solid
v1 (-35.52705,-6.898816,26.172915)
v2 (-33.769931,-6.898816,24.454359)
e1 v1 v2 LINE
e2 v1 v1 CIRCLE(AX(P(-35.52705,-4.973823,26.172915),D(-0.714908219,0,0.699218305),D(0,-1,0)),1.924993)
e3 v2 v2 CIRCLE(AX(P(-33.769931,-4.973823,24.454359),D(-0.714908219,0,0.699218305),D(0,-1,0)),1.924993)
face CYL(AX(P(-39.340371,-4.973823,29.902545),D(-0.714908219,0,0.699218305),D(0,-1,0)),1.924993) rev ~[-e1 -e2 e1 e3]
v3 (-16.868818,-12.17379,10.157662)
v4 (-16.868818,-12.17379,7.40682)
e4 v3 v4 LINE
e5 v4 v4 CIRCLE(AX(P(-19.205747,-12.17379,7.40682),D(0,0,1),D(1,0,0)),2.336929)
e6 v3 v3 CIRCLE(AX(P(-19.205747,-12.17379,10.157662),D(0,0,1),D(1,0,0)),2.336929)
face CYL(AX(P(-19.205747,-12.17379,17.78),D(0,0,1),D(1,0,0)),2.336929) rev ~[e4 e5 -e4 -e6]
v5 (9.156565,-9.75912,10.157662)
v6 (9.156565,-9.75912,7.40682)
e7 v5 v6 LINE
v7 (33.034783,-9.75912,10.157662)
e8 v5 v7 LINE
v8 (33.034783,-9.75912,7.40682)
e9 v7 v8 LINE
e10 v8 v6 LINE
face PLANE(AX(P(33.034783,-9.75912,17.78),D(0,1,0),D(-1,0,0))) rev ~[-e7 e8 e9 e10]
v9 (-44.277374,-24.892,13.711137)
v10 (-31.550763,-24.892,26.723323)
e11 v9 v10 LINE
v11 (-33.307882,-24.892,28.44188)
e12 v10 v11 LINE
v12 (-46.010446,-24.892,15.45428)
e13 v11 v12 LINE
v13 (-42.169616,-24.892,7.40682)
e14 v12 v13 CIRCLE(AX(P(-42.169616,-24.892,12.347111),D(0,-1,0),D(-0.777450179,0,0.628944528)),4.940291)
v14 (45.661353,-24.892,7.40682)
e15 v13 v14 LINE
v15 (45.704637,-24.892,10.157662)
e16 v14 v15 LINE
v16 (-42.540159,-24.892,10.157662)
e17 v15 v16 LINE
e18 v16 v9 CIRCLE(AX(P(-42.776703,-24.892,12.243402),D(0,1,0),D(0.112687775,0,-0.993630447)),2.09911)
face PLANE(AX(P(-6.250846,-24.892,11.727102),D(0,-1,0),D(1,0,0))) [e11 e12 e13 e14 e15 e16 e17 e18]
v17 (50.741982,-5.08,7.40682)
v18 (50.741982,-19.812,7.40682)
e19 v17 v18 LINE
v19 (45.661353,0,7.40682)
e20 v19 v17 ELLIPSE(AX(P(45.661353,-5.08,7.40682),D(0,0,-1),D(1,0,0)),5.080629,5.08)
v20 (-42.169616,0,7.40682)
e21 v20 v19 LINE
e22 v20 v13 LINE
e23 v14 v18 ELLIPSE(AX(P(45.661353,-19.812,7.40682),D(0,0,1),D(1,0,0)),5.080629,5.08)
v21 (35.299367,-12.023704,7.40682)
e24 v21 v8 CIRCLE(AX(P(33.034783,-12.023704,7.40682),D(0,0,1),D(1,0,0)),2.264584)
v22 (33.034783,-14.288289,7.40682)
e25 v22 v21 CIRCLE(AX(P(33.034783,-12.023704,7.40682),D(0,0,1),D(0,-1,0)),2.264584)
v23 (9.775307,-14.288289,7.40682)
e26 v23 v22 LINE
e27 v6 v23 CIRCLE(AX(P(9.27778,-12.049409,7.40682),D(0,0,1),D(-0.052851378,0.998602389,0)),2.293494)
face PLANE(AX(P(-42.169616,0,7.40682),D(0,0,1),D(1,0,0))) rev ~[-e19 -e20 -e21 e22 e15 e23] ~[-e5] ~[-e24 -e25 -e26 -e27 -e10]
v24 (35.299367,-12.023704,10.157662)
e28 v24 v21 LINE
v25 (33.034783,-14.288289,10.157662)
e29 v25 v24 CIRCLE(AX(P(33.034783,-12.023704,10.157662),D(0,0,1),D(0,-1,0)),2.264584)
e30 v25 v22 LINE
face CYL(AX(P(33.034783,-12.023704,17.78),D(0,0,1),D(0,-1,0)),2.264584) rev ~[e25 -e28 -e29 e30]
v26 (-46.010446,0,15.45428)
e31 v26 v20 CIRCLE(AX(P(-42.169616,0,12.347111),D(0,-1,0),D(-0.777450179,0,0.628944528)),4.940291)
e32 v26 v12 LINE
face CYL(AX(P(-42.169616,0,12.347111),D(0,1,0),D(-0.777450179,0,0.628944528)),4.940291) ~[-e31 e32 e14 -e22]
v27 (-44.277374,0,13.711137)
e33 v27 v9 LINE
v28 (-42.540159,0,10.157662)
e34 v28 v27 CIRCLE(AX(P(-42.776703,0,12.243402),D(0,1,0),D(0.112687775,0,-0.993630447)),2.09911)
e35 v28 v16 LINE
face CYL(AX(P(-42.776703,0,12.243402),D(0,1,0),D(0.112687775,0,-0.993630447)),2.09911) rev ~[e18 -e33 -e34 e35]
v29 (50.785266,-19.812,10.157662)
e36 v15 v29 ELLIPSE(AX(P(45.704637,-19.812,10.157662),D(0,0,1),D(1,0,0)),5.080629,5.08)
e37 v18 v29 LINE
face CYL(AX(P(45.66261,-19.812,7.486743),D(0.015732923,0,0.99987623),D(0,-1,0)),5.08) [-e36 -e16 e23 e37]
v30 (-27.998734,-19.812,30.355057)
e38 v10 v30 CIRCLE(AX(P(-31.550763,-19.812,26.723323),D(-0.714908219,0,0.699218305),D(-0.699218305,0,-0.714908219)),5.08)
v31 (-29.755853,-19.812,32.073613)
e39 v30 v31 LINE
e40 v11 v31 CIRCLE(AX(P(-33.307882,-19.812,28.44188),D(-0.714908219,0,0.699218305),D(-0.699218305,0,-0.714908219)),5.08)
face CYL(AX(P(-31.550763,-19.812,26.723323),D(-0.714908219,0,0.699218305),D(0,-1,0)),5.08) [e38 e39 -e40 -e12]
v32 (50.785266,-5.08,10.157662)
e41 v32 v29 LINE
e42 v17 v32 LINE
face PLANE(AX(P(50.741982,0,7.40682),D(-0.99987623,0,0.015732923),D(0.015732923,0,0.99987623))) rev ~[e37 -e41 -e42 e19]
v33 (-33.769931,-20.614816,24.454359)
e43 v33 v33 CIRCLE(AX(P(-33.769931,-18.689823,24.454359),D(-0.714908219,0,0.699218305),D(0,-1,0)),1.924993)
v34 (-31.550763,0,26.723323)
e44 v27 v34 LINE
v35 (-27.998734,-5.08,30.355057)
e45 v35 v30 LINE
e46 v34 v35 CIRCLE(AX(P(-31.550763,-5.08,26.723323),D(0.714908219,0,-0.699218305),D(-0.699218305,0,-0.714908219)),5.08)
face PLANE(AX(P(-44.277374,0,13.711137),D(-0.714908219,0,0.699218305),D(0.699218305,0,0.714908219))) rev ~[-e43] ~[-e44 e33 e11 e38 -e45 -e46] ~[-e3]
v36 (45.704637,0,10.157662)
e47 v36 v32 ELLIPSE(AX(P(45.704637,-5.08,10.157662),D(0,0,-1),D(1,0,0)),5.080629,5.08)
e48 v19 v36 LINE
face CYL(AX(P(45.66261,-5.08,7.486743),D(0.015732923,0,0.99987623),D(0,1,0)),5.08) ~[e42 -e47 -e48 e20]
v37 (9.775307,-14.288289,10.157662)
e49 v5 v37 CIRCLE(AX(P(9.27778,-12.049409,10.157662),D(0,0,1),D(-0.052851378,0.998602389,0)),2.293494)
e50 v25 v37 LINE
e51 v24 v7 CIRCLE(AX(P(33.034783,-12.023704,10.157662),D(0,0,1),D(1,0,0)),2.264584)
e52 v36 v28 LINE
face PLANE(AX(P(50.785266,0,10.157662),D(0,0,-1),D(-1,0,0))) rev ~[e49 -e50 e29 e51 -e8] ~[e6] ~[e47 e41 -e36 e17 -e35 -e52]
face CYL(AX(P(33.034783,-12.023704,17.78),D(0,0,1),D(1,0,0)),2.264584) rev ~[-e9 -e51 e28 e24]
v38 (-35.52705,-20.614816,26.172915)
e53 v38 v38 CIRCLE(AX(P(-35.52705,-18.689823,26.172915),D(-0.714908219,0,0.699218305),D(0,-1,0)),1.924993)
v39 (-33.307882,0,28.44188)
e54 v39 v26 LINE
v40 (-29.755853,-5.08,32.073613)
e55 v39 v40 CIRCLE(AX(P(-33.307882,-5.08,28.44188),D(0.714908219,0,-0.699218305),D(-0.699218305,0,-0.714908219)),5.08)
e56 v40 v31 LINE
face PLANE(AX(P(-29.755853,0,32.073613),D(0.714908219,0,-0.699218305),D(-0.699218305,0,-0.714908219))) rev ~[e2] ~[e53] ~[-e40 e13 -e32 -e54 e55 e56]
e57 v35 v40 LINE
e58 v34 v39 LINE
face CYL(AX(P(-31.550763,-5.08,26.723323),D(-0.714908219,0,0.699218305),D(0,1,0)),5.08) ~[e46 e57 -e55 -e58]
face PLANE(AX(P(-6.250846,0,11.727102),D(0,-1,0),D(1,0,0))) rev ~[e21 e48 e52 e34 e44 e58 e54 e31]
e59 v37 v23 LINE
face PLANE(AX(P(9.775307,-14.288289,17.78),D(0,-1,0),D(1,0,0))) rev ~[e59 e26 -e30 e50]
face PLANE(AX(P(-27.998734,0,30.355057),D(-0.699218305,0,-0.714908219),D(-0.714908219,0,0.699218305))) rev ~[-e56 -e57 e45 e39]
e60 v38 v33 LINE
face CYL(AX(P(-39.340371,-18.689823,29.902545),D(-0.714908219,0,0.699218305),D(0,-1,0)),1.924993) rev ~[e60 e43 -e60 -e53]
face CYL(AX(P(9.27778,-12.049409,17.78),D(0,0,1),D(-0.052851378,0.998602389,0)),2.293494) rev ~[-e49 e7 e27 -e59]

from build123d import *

# Parameters (mm, degrees)
F1_DEPTH = 24.892
F3_R     = 1.9249928247
F4_DEPTH = 25.4
F8_DEPTH = 25.4
F6_R     = 2.33692874
F9_DEPTH = 25.4
F10_R    = 5.08


with BuildPart() as f1:
    # F0 (on Front) → F1 (new body)
    with BuildSketch(Plane.XZ):
        with BuildLine():
            Line((-42.1696156263, 7.4068200774), (50.741981715, 7.4068200774))
            Line((50.741981715, 7.4068200774), (50.7852658629, 10.1576624438))
            Line((50.7852658629, 10.1576624438), (-42.5401590765, 10.1576624438))
            ThreePointArc((-42.5401590765, 10.1576624438), (-44.6625185823, 11.3214684612), (-44.2773737299, 13.7111374259))
            Line((-44.2773737299, 13.7111374259), (-27.9987339674, 30.3550571651))
            Line((-27.9987339674, 30.3550571651), (-29.7558531165, 32.0736132562))
            Line((-29.7558531165, 32.0736132562), (-46.0104458034, 15.4542801902))
            ThreePointArc((-46.0104458034, 15.4542801902), (-46.6281352998, 10.2191830011), (-42.1696156263, 7.4068200774))
        make_face()
    extrude(amount=F1_DEPTH)

    # F3 (on offset) → F4 (cut)
    with BuildSketch(Plane(origin=(-35.0542101214, 0, 34.2848840697), x_dir=(0, -1, 0), z_dir=(-0.7149082188, 0, 0.6992183055))):
        with Locations((4.9738232046, -6.1299321242)):
            Circle(F3_R)
        with Locations((18.6898232046, -6.1299321242)):
            Circle(F3_R)
    extrude(amount=-F4_DEPTH, mode=Mode.SUBTRACT)

    # F7 (on offset) → F8 (cut)
    with BuildSketch(Plane.XY.offset(17.78)):
        with BuildLine():
            ThreePointArc((9.39899395, -9.7591195918), (10.9418290691, -10.4711006155), (11.5712740591, -12.0494086295))
            ThreePointArc((11.5712740591, -12.0494086295), (11.0668007338, -13.4845114856), (9.7753070295, -14.2882885411))
            Line((9.7753070295, -14.2882885411), (33.0347828567, -14.2882885411))
            ThreePointArc((33.0347828567, -14.2882885411), (30.770198382, -12.0237040665), (33.0347828567, -9.7591195918))
            Line((33.0347828567, -9.7591195918), (9.39899395, -9.7591195918))
        make_face()
        with BuildLine():
            Line((33.0347828567, -14.2882885411), (33.0347828567, -9.7591195918))
            ThreePointArc((33.0347828567, -9.7591195918), (30.770198382, -12.0237040665), (33.0347828567, -14.2882885411))
        make_face()
        with BuildLine():
            ThreePointArc((35.2993673314, -12.0237040665), (34.6360858953, -10.4224010279), (33.0347828567, -9.7591195918))
            Line((33.0347828567, -9.7591195918), (33.0347828567, -14.2882885411))
            ThreePointArc((33.0347828567, -14.2882885411), (34.6360858953, -13.6250071051), (35.2993673314, -12.0237040665))
        make_face()
        with BuildLine():
            ThreePointArc((9.1565652679, -9.7591195918), (7.0053919382, -12.3598455256), (9.7753070295, -14.2882885411))
            Line((9.7753070295, -14.2882885411), (9.1565652679, -14.2882885411))
            Line((9.1565652679, -14.2882885411), (9.1565652679, -9.7591195918))
        make_face()
        with BuildLine():
            ThreePointArc((9.7753070295, -14.2882885411), (11.0668007338, -13.4845114856), (11.5712740591, -12.0494086295))
            ThreePointArc((11.5712740591, -12.0494086295), (10.9418290691, -10.4711006155), (9.39899395, -9.7591195918))
            Line((9.39899395, -9.7591195918), (9.1565652679, -9.7591195918))
            Line((9.1565652679, -9.7591195918), (9.1565652679, -14.2882885411))
            Line((9.1565652679, -14.2882885411), (9.7753070295, -14.2882885411))
        make_face()
    extrude(amount=-F8_DEPTH, mode=Mode.SUBTRACT)

    # F6 (on offset) → F9 (cut)
    with BuildSketch(Plane.XY.offset(17.78)):
        with Locations((-19.2057471722, -12.1737904847)):
            Circle(F6_R)
    extrude(amount=-F9_DEPTH, mode=Mode.SUBTRACT)

    # F10
    f10_edges = [f1.edges().sort_by_distance(p)[0] for p in [
        (-28.877294, 0, 31.214335),
        (-28.877294, -24.892, 31.214335),
        (50.763624, -24.892, 8.782241),
        (50.763624, 0, 8.782241),
    ]]
    fillet(f10_edges, radius=F10_R)


solid = f1.part
